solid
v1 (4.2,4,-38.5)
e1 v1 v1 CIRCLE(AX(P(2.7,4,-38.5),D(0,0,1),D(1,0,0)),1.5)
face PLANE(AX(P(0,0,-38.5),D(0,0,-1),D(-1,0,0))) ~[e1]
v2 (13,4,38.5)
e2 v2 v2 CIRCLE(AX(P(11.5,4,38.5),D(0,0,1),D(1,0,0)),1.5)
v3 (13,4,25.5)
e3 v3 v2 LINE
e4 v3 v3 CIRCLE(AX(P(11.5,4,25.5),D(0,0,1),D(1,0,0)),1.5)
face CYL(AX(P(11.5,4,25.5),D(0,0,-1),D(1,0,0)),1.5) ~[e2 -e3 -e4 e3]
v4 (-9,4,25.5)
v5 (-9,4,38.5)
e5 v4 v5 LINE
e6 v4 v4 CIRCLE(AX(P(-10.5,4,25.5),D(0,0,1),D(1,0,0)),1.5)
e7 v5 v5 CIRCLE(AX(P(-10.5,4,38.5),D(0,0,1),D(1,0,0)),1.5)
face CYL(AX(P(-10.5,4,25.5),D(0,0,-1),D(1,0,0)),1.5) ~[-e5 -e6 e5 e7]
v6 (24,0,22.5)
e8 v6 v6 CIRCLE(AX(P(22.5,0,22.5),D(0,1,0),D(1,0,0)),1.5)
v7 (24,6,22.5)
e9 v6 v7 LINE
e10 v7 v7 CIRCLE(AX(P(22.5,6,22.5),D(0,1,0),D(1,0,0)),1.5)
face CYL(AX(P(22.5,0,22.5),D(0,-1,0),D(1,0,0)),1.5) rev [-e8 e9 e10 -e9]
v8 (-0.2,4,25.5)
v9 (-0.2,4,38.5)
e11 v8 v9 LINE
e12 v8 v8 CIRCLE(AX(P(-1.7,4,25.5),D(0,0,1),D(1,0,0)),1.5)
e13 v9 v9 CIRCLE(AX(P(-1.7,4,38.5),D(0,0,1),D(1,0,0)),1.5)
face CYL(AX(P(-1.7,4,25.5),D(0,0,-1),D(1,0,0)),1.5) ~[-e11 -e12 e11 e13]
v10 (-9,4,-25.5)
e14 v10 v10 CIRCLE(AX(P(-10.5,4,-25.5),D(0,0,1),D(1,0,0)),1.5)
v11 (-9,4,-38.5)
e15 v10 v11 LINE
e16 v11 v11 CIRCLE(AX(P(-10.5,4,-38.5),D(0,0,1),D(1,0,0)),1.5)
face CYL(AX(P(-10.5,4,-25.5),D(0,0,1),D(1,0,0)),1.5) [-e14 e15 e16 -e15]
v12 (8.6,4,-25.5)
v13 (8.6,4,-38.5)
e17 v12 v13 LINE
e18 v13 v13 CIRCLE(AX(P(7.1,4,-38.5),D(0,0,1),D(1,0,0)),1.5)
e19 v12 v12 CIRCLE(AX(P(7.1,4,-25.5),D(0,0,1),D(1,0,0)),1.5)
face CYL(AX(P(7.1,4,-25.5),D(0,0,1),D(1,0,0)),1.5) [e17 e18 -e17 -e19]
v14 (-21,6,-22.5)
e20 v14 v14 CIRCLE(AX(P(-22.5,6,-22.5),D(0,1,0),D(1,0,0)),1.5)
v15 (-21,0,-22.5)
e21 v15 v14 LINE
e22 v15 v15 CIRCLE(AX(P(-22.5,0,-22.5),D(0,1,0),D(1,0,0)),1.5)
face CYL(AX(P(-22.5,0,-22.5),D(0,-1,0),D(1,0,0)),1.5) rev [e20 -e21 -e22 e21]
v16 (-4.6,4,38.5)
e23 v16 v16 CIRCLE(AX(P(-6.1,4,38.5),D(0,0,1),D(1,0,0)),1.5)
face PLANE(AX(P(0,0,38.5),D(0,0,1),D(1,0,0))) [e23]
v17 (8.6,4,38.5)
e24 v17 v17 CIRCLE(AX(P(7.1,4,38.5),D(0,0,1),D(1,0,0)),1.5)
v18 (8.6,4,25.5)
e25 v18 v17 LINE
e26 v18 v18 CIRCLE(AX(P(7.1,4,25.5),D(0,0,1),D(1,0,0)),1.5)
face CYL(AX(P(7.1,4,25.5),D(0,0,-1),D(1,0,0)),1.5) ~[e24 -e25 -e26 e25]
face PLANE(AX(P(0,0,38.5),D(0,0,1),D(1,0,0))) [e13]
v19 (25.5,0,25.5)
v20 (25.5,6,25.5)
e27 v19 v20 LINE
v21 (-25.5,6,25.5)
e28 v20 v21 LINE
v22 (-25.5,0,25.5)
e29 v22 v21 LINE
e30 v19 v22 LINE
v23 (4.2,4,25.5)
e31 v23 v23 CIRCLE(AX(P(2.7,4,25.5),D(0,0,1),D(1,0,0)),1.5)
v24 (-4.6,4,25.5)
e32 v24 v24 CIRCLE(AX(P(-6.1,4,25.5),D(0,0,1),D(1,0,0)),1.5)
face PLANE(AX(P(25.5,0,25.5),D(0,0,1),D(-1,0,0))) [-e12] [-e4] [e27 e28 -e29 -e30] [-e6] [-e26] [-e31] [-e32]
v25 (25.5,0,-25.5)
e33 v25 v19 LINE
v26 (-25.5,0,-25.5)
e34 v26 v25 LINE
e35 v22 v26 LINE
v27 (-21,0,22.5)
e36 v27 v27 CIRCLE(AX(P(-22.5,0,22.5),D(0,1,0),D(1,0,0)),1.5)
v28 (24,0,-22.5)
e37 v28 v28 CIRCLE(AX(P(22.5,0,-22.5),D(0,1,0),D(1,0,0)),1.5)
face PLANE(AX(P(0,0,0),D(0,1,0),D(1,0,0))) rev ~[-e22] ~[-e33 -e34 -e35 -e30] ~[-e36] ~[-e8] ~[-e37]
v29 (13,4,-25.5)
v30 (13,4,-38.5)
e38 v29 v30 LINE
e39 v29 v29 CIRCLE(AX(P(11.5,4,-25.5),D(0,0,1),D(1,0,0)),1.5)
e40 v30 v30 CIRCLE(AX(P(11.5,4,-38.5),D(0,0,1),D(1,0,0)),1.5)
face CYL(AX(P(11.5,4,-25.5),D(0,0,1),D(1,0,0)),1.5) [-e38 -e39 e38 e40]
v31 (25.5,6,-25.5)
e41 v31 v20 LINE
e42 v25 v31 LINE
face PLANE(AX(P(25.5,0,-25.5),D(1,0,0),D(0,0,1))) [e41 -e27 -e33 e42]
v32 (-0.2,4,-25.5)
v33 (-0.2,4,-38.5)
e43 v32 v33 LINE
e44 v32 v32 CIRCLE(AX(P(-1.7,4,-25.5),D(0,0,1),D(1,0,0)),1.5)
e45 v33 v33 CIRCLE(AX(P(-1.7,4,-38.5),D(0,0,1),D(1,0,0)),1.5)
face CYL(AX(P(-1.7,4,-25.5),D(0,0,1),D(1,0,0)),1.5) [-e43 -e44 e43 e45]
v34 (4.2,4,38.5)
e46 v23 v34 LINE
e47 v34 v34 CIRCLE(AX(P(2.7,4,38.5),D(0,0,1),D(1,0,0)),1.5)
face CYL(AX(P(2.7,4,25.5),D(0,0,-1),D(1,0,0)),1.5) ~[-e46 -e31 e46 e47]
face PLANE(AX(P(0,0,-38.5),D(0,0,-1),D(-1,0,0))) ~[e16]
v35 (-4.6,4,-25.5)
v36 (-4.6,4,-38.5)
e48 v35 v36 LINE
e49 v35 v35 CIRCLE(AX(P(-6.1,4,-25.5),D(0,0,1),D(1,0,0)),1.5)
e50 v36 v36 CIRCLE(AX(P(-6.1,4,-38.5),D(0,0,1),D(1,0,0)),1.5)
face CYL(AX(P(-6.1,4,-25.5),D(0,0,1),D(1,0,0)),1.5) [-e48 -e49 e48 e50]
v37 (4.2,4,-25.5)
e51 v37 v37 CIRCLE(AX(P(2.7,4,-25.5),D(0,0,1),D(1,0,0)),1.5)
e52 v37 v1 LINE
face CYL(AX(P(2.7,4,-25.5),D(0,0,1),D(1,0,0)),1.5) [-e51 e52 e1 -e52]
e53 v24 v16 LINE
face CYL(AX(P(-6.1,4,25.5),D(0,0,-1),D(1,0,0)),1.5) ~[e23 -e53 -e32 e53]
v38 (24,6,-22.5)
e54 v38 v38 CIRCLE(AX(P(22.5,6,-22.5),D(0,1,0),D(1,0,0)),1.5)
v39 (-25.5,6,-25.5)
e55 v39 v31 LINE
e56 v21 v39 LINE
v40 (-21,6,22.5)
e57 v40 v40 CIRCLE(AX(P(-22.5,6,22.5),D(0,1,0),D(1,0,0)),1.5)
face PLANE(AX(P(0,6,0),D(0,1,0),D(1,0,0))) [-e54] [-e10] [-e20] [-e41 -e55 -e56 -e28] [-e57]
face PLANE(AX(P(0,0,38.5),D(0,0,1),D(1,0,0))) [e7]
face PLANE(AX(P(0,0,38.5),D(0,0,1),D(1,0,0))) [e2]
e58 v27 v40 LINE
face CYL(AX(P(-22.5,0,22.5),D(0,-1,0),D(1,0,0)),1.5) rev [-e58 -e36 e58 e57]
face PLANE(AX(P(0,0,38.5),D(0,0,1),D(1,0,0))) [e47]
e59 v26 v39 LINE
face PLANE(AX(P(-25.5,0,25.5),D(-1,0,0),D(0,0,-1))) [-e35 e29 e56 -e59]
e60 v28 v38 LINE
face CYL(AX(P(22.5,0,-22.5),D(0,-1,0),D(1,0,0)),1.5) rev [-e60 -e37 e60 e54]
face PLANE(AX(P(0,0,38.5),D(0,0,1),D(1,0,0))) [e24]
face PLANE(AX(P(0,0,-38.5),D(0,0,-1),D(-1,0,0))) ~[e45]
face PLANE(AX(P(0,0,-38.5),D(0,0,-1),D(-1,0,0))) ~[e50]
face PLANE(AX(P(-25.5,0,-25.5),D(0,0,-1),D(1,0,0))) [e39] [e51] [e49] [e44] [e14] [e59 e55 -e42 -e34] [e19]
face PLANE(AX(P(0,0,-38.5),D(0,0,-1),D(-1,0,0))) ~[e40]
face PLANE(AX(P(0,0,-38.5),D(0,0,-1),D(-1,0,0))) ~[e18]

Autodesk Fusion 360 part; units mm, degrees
sketch "Sketch1" plane through (0, 0, 0) normal (0, 1, 0) x (1, 0, 0)
  line L0 (25.5, -25.5) -> (-25.5, -25.5)
  line L1 (-25.5, -25.5) -> (-25.5, 25.5)
  line L2 (-25.5, 25.5) -> (25.5, 25.5)
  line L3 (25.5, 25.5) -> (25.5, -25.5)
  line L4 (25.5, -25.5) -> (-25.5, 25.5) construction
  line L5 (-25.5, -25.5) -> (25.5, 25.5) construction
  circle A0 centre (-22.5, 22.5) radius 1.5
  circle A1 centre (22.5, 22.5) radius 1.5
  circle A2 centre (22.5, -22.5) radius 1.5
  circle A3 centre (-22.5, -22.5) radius 1.5
  dimension "d1" = 51
  dimension "d2" = 51
  dimension "d5" = 3
  dimension "d6" = 45
extrude "Extrude1" add sketch "Sketch1" along normal blind 6
sketch "Sketch2" plane through (0, 0, 25.5) normal (0, 0, 1) x (1, 0, 0)
  line L0 (-25.5, 0) -> (25.5, 0)
  line L1 (25.5, 0) -> (25.5, 6)
  line L2 (25.5, 6) -> (-25.5, 6)
  line L3 (-25.5, 6) -> (-25.5, 0)
  circle A0 centre (-10.5, 4) radius 1.5
  circle A1 centre (-6.1, 4) radius 1.5
  circle A2 centre (-1.7, 4) radius 1.5
  circle A3 centre (2.7, 4) radius 1.5
  circle A4 centre (7.1, 4) radius 1.5
  circle A5 centre (11.5, 4) radius 1.5
  dimension "d7" = 3
  dimension "d8" = 2
  dimension "d9" = 15
  dimension "d12" = -22
  dimension "d13" = 0
extrude "Extrude2" add sketch "Sketch2" along normal blind 13 contours A0 | A1 | A2 | A3 | A4 | A5
mirror "Mirror1" about plane through (0, 0, 0) normal (0, 0, 1) of "Extrude2"
